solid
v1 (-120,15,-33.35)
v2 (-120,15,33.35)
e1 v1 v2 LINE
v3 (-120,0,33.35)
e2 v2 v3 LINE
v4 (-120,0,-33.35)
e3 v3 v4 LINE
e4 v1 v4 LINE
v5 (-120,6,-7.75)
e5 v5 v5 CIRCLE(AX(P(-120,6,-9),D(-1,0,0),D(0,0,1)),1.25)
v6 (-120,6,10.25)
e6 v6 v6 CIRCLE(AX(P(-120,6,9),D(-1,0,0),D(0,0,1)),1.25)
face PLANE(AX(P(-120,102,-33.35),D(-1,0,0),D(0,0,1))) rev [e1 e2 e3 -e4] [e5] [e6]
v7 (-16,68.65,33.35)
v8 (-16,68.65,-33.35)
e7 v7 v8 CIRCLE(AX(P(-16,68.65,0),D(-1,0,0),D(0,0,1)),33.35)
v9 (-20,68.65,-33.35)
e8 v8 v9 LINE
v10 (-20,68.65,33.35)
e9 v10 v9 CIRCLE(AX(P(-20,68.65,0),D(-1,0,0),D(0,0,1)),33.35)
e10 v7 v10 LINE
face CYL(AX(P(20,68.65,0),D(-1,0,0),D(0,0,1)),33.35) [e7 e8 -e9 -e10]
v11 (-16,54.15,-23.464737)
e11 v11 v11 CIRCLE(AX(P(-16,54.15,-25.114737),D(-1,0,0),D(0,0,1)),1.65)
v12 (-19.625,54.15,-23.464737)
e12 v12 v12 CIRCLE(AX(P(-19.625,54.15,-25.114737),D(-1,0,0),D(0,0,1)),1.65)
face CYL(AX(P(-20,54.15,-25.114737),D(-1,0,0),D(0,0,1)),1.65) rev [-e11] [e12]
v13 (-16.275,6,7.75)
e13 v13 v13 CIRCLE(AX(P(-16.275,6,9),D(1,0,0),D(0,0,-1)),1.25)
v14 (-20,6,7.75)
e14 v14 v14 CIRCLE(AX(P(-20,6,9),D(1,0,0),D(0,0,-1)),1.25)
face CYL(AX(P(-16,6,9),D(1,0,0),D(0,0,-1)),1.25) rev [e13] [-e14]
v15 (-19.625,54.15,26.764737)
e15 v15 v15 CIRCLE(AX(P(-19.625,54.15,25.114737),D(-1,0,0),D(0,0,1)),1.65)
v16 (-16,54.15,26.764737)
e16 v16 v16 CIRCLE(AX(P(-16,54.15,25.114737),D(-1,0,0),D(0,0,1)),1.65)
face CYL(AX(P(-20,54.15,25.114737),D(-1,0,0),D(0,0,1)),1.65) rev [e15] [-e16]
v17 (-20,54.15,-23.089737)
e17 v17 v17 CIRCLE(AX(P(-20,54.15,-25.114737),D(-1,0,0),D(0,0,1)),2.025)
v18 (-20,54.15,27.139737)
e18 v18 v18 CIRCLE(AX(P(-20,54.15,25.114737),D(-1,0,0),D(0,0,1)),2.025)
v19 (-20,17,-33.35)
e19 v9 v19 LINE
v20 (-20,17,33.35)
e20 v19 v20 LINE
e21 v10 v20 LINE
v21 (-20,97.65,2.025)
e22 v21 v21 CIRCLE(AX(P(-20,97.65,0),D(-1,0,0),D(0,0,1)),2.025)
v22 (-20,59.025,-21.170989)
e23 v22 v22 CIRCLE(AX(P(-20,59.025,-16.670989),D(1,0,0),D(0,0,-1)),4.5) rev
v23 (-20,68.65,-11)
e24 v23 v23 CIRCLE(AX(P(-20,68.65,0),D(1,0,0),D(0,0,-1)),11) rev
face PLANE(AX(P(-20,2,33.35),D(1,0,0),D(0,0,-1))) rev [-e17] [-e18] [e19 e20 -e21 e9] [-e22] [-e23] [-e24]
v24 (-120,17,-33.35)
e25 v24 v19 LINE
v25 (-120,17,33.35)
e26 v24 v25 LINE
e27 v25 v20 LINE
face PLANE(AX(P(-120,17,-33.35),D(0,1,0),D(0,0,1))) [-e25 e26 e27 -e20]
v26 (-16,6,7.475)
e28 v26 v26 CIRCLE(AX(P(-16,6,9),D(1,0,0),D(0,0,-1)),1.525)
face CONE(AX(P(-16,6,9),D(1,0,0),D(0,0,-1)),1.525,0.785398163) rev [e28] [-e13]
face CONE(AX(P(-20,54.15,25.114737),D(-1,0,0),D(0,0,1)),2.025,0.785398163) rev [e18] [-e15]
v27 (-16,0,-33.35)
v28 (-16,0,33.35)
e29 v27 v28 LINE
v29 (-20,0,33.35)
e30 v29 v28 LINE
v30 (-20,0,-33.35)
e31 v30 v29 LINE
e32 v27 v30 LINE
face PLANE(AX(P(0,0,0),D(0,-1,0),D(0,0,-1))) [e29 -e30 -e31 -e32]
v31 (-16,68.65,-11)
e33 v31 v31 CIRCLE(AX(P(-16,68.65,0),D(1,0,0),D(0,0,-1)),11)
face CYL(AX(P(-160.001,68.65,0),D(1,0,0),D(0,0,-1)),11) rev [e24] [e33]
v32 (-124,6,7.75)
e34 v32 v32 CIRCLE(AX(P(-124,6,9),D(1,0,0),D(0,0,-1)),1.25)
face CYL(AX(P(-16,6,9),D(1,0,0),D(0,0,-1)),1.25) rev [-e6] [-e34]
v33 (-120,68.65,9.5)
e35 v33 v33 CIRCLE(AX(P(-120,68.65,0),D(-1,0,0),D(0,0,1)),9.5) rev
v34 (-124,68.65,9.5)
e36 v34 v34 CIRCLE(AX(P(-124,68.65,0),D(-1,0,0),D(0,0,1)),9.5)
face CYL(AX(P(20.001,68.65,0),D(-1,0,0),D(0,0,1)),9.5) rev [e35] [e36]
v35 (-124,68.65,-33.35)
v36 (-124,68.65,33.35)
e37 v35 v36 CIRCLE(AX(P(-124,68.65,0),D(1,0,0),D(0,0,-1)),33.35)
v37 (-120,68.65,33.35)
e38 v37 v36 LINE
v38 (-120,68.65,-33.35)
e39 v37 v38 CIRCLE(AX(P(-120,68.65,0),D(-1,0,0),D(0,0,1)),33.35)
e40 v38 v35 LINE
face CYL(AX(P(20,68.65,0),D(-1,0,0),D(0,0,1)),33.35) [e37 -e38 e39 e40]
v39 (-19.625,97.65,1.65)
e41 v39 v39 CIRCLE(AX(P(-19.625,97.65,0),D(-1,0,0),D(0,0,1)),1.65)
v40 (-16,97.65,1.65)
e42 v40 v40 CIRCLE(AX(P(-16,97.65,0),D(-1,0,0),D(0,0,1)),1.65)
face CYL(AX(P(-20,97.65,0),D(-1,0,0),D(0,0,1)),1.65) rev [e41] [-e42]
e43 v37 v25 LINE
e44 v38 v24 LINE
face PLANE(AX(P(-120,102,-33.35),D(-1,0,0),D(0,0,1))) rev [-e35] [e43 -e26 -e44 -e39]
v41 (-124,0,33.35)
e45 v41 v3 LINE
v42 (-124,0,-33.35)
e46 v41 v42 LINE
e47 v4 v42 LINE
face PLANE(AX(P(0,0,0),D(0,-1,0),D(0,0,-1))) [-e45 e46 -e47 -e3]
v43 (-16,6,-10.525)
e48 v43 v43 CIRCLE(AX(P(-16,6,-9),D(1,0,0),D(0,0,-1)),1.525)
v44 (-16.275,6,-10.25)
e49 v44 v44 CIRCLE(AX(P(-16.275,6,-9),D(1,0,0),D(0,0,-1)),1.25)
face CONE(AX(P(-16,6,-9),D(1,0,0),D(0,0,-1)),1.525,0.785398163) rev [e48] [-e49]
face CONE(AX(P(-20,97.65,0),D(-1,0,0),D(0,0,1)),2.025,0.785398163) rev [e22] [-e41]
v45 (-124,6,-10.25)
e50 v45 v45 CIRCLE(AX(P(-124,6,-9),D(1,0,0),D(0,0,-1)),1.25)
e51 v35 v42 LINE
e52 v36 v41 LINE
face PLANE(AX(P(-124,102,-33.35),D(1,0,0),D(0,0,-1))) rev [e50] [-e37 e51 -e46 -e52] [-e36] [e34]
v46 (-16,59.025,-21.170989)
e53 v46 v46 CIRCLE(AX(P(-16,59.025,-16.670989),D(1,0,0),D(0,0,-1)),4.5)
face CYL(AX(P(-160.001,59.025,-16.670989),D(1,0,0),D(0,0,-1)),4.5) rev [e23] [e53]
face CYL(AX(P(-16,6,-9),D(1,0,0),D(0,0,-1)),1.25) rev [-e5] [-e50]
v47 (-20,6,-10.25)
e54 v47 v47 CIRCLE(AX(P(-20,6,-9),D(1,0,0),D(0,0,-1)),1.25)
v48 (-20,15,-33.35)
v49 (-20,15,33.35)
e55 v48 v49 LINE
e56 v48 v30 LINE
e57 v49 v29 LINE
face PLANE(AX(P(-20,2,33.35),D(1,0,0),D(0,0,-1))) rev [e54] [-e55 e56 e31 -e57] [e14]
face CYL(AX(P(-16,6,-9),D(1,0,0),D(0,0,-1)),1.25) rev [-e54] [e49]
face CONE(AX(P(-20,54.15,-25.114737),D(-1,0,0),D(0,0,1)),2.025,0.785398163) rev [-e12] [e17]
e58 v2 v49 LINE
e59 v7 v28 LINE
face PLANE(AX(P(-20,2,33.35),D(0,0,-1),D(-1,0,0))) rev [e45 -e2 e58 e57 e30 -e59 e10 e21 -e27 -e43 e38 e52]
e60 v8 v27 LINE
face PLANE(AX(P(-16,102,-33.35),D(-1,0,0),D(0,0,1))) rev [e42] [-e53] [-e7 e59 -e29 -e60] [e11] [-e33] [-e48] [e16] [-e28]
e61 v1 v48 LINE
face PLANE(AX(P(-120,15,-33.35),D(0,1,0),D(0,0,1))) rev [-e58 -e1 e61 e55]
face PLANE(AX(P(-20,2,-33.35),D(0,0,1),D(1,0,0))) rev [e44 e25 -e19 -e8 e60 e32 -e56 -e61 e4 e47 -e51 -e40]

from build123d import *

# Parameters (mm, degrees)
SKETCH_1_W                   = 40
SKETCH_1_H                   = 66.7
EXTRUDE_1_DEPTH              = 2
SKETCH_2_W                   = 4
SKETCH_2_H                   = 66.7
EXTRUDE_2_DEPTH              = 100
CUT_EXTRUDE_1_DEPTH          = 115.526077816
CUT_EXTRUDE_1_DEPTH_BACK     = 115.526077816
HOLE_WIZARD_M4_1_D           = 3.3
HOLE_WIZARD_M4_1_CSINK_D     = 4.05
HOLE_WIZARD_M4_1_CSINK_ANGLE = 90
HOLE_WIZARD_M4_2_AT_2_COUNT  = 2
HOLE_WIZARD_M4_2_AT_2_PITCH  = 68.59294731
HOLE_WIZARD_M4_2_AT_3_COUNT  = 2
HOLE_WIZARD_M4_2_AT_3_PITCH  = 26
HOLE_WIZARD_M4_2_AT_4_COUNT  = 2
HOLE_WIZARD_M4_2_AT_4_PITCH  = 62.376998966
HOLE_WIZARD_M4_2_AT_5_COUNT  = 2
HOLE_WIZARD_M4_2_AT_5_PITCH  = 56.7
SKETCH_11_W                  = 66.7
SKETCH_11_H                  = 2
EXTRUDE_3_DEPTH              = 100
SKETCH_13_W                  = 40
SKETCH_13_H                  = 66.7
EXTRUDE_4_DEPTH              = 2
SKETCH_14_W                  = 4
SKETCH_14_H                  = 66.7
EXTRUDE_5_DEPTH              = 100
CUT_EXTRUDE_2_DEPTH          = 180.589037806
CUT_EXTRUDE_2_DEPTH_BACK     = 180.589037806
HOLE_WIZARD_M4_3_AT_2_COUNT  = 2
HOLE_WIZARD_M4_3_AT_2_PITCH  = 26
HOLE_WIZARD_M4_3_AT_3_COUNT  = 2
HOLE_WIZARD_M4_3_AT_3_PITCH  = 62.376998966
HOLE_WIZARD_M4_3_AT_4_COUNT  = 2
HOLE_WIZARD_M4_3_AT_4_PITCH  = 56.7
CUT_EXTRUDE_3_REACH          = 181.589
SKETCH_18_R                  = 9.5
CUT_EXTRUDE_4_REACH          = 181.589
SKETCH_21_R                  = 11
CUT_EXTRUDE_5_REACH          = 181.589
SKETCH_22_R                  = 4.5
FILLET_1_R                   = 2
CUT_EXTRUDE_6_REACH          = 193.604
SKETCH_23_W                  = 36
SKETCH_23_H                  = 66.7
CUT_EXTRUDE_7_REACH          = 164.752
SKETCH_24_W                  = 36
SKETCH_24_H                  = 66.7
HOLE_WIZARD_M3_1_D           = 2.5
HOLE_WIZARD_M3_1_CSINK_D     = 3.05
HOLE_WIZARD_M3_1_CSINK_ANGLE = 90


with BuildPart() as part:
    # 草图1 → 凸台-拉伸1 (new body)
    with BuildSketch(Plane(origin=(0, 0, 0), x_dir=(1, 0, 0), z_dir=(0, 1, 0))):
        Rectangle(SKETCH_1_W, SKETCH_1_H)
    extrude(amount=EXTRUDE_1_DEPTH)

    # 草图2 → 凸台-拉伸2 (add)
    with BuildSketch(Plane(origin=(0, 2, 0), x_dir=(1, 0, 0), z_dir=(0, 1, 0))):
        with Locations((-18, 0)):
            Rectangle(SKETCH_2_W, SKETCH_2_H)
    extrude(amount=EXTRUDE_2_DEPTH)

    # 草图5 → 切除-拉伸1 (cut, two sides: drawn at the far end of the back side and taken through both)
    with BuildSketch(Plane.ZY.offset(20).offset(-CUT_EXTRUDE_1_DEPTH_BACK)):
        with BuildLine():
            ThreePointArc((0, 102), (23.582011153, 92.232011153), (33.35, 68.65))
            Line((33.35, 68.65), (33.35, 102))
            Line((33.35, 102), (0, 102))
        make_face()
        with BuildLine():
            ThreePointArc((-33.35, 68.65), (-23.582011153, 92.232011153), (0, 102))
            Line((0, 102), (-33.35, 102))
            Line((-33.35, 102), (-33.35, 68.65))
        make_face()
    extrude(amount=CUT_EXTRUDE_1_DEPTH + CUT_EXTRUDE_1_DEPTH_BACK, mode=Mode.SUBTRACT)

    # M4 螺纹孔1 (through all)
    with Locations(Plane.ZY.offset(20)):
        with Locations((0, 97.65), (25.11473671, 54.15), (-25.11473671, 54.15)):
            CounterSinkHole(HOLE_WIZARD_M4_1_D / 2, HOLE_WIZARD_M4_1_CSINK_D / 2, counter_sink_angle=HOLE_WIZARD_M4_1_CSINK_ANGLE)

    # 草图10 → M4 螺纹孔2 (revolve, cut)
    with BuildSketch(Plane(origin=(15, 2, -28.35), x_dir=(0, 0, 1), z_dir=(1, 0, 0))):
        Polygon((0, 0), (0, 2), (1.65, 2), (1.65, 0.375), (2.025, 0), align=None)
    hole_wizard_m4_2 = revolve(axis=Axis((15, 8.35, -28.35), (0, -1, 0)), mode=Mode.SUBTRACT)

    # M4 螺纹孔2 at 2: M4 螺纹孔2 ×2
    with Locations(*[Vector(-0.9508085645250022, 0, 0.3097790722852413) * (i * HOLE_WIZARD_M4_2_AT_2_PITCH) for i in range(1, HOLE_WIZARD_M4_2_AT_2_COUNT)]):
        add(hole_wizard_m4_2, mode=Mode.SUBTRACT)

    # M4 螺纹孔2 at 3: M4 螺纹孔2 ×2
    with Locations(*[(-i * HOLE_WIZARD_M4_2_AT_3_PITCH, 0, 0) for i in range(1, HOLE_WIZARD_M4_2_AT_3_COUNT)]):
        add(hole_wizard_m4_2, mode=Mode.SUBTRACT)

    # M4 螺纹孔2 at 4: M4 螺纹孔2 ×2
    with Locations(*[Vector(-0.4168203092647413, 0, 0.9089889052042635) * (i * HOLE_WIZARD_M4_2_AT_4_PITCH) for i in range(1, HOLE_WIZARD_M4_2_AT_4_COUNT)]):
        add(hole_wizard_m4_2, mode=Mode.SUBTRACT)

    # M4 螺纹孔2 at 5: M4 螺纹孔2 ×2
    with Locations(*[(0, 0, i * HOLE_WIZARD_M4_2_AT_5_PITCH) for i in range(1, HOLE_WIZARD_M4_2_AT_5_COUNT)]):
        add(hole_wizard_m4_2, mode=Mode.SUBTRACT)

    # 草图11 → 凸台-拉伸3 (add)
    with BuildSketch(Plane.ZY.offset(20)):
        with Locations((0, 16)):
            Rectangle(SKETCH_11_W, SKETCH_11_H)
    extrude(amount=EXTRUDE_3_DEPTH)



with BuildPart() as body_2:
    # 草图13 → 凸台-拉伸4 (new body)
    with BuildSketch(Plane(origin=(0, 0, 0), x_dir=(1, 0, 0), z_dir=(0, 1, 0))):
        with Locations((-140, 0)):
            Rectangle(SKETCH_13_W, SKETCH_13_H)
    extrude(amount=EXTRUDE_4_DEPTH)


with BuildPart() as part_1:
    add(part.part)

    add(body_2.part)  # 凸台-拉伸5 merges body 2
    # 草图14 → 凸台-拉伸5 (add)
    with BuildSketch(Plane(origin=(0, 2, 0), x_dir=(1, 0, 0), z_dir=(0, 1, 0))):
        with Locations((-122, 0)):
            Rectangle(SKETCH_14_W, SKETCH_14_H)
    extrude(amount=EXTRUDE_5_DEPTH)

    # 草图15 → 切除-拉伸2 (cut, two sides: drawn at the far end of the back side and taken through both)
    with BuildSketch(Plane.ZY.offset(124).offset(-CUT_EXTRUDE_2_DEPTH_BACK)):
        with BuildLine():
            ThreePointArc((0, 102), (23.582011153, 92.232011153), (33.35, 68.65))
            Line((33.35, 68.65), (33.35, 102))
            Line((33.35, 102), (0, 102))
        make_face()
        with BuildLine():
            ThreePointArc((-33.35, 68.65), (-23.582011153, 92.232011153), (0, 102))
            Line((0, 102), (-33.35, 102))
            Line((-33.35, 102), (-33.35, 68.65))
        make_face()
    extrude(amount=CUT_EXTRUDE_2_DEPTH + CUT_EXTRUDE_2_DEPTH_BACK, mode=Mode.SUBTRACT)

    # 草图17 → M4 螺纹孔3 (revolve, cut)
    with BuildSketch(Plane(origin=(-129, 2, -28.35), x_dir=(0, 0, 1), z_dir=(1, 0, 0))):
        Polygon((0, 0), (0, 2), (1.65, 2), (1.65, 0.375), (2.025, 0), align=None)
    hole_wizard_m4_3 = revolve(axis=Axis((-129, 8.35, -28.35), (0, -1, 0)), mode=Mode.SUBTRACT)

    # M4 螺纹孔3 at 2: M4 螺纹孔3 ×2
    with Locations(*[(-i * HOLE_WIZARD_M4_3_AT_2_PITCH, 0, 0) for i in range(1, HOLE_WIZARD_M4_3_AT_2_COUNT)]):
        add(hole_wizard_m4_3, mode=Mode.SUBTRACT)

    # M4 螺纹孔3 at 3: M4 螺纹孔3 ×2
    with Locations(*[Vector(-0.41682030926474106, 0, 0.9089889052042636) * (i * HOLE_WIZARD_M4_3_AT_3_PITCH) for i in range(1, HOLE_WIZARD_M4_3_AT_3_COUNT)]):
        add(hole_wizard_m4_3, mode=Mode.SUBTRACT)

    # M4 螺纹孔3 at 4: M4 螺纹孔3 ×2
    with Locations(*[(0, 0, i * HOLE_WIZARD_M4_3_AT_4_PITCH) for i in range(1, HOLE_WIZARD_M4_3_AT_4_COUNT)]):
        add(hole_wizard_m4_3, mode=Mode.SUBTRACT)

    # 草图18 → 切除-拉伸3 (cut, up to next)
    with BuildSketch(Plane.ZY.offset(124), mode=Mode.PRIVATE) as cut_extrude_3_sk1:
        with Locations((0, 68.65)):
            Circle(SKETCH_18_R)
    cut_extrude_3_tool1 = extrude(cut_extrude_3_sk1.sketch, amount=-CUT_EXTRUDE_3_REACH, mode=Mode.PRIVATE) & part_1.part
    add(cut_extrude_3_tool1.solids().sort_by_distance((-124, 68.65, 0))[0], mode=Mode.SUBTRACT)

    # 草图21 → 切除-拉伸4 (cut, up to next)
    with BuildSketch(Plane(origin=(-16, 0, 0), x_dir=(0, 0, -1), z_dir=(1, 0, 0)), mode=Mode.PRIVATE) as cut_extrude_4_sk1:
        with Locations((0, 68.65)):
            Circle(SKETCH_21_R)
    cut_extrude_4_tool1 = extrude(cut_extrude_4_sk1.sketch, amount=-CUT_EXTRUDE_4_REACH, mode=Mode.PRIVATE) & part_1.part
    add(cut_extrude_4_tool1.solids().sort_by_distance((-16, 68.65, 0))[0], mode=Mode.SUBTRACT)

    # 草图22 → 切除-拉伸5 (cut, up to next)
    with BuildSketch(Plane(origin=(-16, 0, 0), x_dir=(0, 0, -1), z_dir=(1, 0, 0)), mode=Mode.PRIVATE) as cut_extrude_5_sk1:
        with Locations((16.670989023, 59.025)):
            Circle(SKETCH_22_R)
    cut_extrude_5_tool1 = extrude(cut_extrude_5_sk1.sketch, amount=-CUT_EXTRUDE_5_REACH, mode=Mode.PRIVATE) & part_1.part
    add(cut_extrude_5_tool1.solids().sort_by_distance((-16, 59.025, -16.670989))[0], mode=Mode.SUBTRACT)

    # 圆角1
    fillet_1_edges = [part_1.edges().sort_by_distance(p)[0] for p in [
        (-160, 1, -33.35),
        (-160, 1, 33.35),
        (20, 1, 33.35),
        (20, 1, -33.35),
    ]]
    fillet(fillet_1_edges, radius=FILLET_1_R)

    # 草图23 → 切除-拉伸6 (cut, up to next)
    with BuildSketch(Plane(origin=(0, 2, 0), x_dir=(1, 0, 0), z_dir=(0, 1, 0)), mode=Mode.PRIVATE) as cut_extrude_6_sk1:
        with Locations((-142, 0)):
            Rectangle(SKETCH_23_W, SKETCH_23_H)
    cut_extrude_6_tool1 = extrude(cut_extrude_6_sk1.sketch, amount=-CUT_EXTRUDE_6_REACH, mode=Mode.PRIVATE) & part_1.part
    add(cut_extrude_6_tool1.solids().sort_by_distance((-142, 2, 0))[0], mode=Mode.SUBTRACT)

    # 草图24 → 切除-拉伸7 (cut, up to next)
    with BuildSketch(Plane(origin=(0, 2, 0), x_dir=(1, 0, 0), z_dir=(0, 1, 0)), mode=Mode.PRIVATE) as cut_extrude_7_sk1:
        with Locations((2, 0)):
            Rectangle(SKETCH_24_W, SKETCH_24_H)
    cut_extrude_7_tool1 = extrude(cut_extrude_7_sk1.sketch, amount=-CUT_EXTRUDE_7_REACH, mode=Mode.PRIVATE) & part_1.part
    add(cut_extrude_7_tool1.solids().sort_by_distance((2, 2, 0))[0], mode=Mode.SUBTRACT)

    # M3 螺纹孔1 (through all)
    with Locations(Plane(origin=(-16, 0, 0), x_dir=(0, 0, -1), z_dir=(1, 0, 0))):
        with Locations((9, 6), (-9, 6)):
            CounterSinkHole(HOLE_WIZARD_M3_1_D / 2, HOLE_WIZARD_M3_1_CSINK_D / 2, counter_sink_angle=HOLE_WIZARD_M3_1_CSINK_ANGLE)


solid = part_1.part
